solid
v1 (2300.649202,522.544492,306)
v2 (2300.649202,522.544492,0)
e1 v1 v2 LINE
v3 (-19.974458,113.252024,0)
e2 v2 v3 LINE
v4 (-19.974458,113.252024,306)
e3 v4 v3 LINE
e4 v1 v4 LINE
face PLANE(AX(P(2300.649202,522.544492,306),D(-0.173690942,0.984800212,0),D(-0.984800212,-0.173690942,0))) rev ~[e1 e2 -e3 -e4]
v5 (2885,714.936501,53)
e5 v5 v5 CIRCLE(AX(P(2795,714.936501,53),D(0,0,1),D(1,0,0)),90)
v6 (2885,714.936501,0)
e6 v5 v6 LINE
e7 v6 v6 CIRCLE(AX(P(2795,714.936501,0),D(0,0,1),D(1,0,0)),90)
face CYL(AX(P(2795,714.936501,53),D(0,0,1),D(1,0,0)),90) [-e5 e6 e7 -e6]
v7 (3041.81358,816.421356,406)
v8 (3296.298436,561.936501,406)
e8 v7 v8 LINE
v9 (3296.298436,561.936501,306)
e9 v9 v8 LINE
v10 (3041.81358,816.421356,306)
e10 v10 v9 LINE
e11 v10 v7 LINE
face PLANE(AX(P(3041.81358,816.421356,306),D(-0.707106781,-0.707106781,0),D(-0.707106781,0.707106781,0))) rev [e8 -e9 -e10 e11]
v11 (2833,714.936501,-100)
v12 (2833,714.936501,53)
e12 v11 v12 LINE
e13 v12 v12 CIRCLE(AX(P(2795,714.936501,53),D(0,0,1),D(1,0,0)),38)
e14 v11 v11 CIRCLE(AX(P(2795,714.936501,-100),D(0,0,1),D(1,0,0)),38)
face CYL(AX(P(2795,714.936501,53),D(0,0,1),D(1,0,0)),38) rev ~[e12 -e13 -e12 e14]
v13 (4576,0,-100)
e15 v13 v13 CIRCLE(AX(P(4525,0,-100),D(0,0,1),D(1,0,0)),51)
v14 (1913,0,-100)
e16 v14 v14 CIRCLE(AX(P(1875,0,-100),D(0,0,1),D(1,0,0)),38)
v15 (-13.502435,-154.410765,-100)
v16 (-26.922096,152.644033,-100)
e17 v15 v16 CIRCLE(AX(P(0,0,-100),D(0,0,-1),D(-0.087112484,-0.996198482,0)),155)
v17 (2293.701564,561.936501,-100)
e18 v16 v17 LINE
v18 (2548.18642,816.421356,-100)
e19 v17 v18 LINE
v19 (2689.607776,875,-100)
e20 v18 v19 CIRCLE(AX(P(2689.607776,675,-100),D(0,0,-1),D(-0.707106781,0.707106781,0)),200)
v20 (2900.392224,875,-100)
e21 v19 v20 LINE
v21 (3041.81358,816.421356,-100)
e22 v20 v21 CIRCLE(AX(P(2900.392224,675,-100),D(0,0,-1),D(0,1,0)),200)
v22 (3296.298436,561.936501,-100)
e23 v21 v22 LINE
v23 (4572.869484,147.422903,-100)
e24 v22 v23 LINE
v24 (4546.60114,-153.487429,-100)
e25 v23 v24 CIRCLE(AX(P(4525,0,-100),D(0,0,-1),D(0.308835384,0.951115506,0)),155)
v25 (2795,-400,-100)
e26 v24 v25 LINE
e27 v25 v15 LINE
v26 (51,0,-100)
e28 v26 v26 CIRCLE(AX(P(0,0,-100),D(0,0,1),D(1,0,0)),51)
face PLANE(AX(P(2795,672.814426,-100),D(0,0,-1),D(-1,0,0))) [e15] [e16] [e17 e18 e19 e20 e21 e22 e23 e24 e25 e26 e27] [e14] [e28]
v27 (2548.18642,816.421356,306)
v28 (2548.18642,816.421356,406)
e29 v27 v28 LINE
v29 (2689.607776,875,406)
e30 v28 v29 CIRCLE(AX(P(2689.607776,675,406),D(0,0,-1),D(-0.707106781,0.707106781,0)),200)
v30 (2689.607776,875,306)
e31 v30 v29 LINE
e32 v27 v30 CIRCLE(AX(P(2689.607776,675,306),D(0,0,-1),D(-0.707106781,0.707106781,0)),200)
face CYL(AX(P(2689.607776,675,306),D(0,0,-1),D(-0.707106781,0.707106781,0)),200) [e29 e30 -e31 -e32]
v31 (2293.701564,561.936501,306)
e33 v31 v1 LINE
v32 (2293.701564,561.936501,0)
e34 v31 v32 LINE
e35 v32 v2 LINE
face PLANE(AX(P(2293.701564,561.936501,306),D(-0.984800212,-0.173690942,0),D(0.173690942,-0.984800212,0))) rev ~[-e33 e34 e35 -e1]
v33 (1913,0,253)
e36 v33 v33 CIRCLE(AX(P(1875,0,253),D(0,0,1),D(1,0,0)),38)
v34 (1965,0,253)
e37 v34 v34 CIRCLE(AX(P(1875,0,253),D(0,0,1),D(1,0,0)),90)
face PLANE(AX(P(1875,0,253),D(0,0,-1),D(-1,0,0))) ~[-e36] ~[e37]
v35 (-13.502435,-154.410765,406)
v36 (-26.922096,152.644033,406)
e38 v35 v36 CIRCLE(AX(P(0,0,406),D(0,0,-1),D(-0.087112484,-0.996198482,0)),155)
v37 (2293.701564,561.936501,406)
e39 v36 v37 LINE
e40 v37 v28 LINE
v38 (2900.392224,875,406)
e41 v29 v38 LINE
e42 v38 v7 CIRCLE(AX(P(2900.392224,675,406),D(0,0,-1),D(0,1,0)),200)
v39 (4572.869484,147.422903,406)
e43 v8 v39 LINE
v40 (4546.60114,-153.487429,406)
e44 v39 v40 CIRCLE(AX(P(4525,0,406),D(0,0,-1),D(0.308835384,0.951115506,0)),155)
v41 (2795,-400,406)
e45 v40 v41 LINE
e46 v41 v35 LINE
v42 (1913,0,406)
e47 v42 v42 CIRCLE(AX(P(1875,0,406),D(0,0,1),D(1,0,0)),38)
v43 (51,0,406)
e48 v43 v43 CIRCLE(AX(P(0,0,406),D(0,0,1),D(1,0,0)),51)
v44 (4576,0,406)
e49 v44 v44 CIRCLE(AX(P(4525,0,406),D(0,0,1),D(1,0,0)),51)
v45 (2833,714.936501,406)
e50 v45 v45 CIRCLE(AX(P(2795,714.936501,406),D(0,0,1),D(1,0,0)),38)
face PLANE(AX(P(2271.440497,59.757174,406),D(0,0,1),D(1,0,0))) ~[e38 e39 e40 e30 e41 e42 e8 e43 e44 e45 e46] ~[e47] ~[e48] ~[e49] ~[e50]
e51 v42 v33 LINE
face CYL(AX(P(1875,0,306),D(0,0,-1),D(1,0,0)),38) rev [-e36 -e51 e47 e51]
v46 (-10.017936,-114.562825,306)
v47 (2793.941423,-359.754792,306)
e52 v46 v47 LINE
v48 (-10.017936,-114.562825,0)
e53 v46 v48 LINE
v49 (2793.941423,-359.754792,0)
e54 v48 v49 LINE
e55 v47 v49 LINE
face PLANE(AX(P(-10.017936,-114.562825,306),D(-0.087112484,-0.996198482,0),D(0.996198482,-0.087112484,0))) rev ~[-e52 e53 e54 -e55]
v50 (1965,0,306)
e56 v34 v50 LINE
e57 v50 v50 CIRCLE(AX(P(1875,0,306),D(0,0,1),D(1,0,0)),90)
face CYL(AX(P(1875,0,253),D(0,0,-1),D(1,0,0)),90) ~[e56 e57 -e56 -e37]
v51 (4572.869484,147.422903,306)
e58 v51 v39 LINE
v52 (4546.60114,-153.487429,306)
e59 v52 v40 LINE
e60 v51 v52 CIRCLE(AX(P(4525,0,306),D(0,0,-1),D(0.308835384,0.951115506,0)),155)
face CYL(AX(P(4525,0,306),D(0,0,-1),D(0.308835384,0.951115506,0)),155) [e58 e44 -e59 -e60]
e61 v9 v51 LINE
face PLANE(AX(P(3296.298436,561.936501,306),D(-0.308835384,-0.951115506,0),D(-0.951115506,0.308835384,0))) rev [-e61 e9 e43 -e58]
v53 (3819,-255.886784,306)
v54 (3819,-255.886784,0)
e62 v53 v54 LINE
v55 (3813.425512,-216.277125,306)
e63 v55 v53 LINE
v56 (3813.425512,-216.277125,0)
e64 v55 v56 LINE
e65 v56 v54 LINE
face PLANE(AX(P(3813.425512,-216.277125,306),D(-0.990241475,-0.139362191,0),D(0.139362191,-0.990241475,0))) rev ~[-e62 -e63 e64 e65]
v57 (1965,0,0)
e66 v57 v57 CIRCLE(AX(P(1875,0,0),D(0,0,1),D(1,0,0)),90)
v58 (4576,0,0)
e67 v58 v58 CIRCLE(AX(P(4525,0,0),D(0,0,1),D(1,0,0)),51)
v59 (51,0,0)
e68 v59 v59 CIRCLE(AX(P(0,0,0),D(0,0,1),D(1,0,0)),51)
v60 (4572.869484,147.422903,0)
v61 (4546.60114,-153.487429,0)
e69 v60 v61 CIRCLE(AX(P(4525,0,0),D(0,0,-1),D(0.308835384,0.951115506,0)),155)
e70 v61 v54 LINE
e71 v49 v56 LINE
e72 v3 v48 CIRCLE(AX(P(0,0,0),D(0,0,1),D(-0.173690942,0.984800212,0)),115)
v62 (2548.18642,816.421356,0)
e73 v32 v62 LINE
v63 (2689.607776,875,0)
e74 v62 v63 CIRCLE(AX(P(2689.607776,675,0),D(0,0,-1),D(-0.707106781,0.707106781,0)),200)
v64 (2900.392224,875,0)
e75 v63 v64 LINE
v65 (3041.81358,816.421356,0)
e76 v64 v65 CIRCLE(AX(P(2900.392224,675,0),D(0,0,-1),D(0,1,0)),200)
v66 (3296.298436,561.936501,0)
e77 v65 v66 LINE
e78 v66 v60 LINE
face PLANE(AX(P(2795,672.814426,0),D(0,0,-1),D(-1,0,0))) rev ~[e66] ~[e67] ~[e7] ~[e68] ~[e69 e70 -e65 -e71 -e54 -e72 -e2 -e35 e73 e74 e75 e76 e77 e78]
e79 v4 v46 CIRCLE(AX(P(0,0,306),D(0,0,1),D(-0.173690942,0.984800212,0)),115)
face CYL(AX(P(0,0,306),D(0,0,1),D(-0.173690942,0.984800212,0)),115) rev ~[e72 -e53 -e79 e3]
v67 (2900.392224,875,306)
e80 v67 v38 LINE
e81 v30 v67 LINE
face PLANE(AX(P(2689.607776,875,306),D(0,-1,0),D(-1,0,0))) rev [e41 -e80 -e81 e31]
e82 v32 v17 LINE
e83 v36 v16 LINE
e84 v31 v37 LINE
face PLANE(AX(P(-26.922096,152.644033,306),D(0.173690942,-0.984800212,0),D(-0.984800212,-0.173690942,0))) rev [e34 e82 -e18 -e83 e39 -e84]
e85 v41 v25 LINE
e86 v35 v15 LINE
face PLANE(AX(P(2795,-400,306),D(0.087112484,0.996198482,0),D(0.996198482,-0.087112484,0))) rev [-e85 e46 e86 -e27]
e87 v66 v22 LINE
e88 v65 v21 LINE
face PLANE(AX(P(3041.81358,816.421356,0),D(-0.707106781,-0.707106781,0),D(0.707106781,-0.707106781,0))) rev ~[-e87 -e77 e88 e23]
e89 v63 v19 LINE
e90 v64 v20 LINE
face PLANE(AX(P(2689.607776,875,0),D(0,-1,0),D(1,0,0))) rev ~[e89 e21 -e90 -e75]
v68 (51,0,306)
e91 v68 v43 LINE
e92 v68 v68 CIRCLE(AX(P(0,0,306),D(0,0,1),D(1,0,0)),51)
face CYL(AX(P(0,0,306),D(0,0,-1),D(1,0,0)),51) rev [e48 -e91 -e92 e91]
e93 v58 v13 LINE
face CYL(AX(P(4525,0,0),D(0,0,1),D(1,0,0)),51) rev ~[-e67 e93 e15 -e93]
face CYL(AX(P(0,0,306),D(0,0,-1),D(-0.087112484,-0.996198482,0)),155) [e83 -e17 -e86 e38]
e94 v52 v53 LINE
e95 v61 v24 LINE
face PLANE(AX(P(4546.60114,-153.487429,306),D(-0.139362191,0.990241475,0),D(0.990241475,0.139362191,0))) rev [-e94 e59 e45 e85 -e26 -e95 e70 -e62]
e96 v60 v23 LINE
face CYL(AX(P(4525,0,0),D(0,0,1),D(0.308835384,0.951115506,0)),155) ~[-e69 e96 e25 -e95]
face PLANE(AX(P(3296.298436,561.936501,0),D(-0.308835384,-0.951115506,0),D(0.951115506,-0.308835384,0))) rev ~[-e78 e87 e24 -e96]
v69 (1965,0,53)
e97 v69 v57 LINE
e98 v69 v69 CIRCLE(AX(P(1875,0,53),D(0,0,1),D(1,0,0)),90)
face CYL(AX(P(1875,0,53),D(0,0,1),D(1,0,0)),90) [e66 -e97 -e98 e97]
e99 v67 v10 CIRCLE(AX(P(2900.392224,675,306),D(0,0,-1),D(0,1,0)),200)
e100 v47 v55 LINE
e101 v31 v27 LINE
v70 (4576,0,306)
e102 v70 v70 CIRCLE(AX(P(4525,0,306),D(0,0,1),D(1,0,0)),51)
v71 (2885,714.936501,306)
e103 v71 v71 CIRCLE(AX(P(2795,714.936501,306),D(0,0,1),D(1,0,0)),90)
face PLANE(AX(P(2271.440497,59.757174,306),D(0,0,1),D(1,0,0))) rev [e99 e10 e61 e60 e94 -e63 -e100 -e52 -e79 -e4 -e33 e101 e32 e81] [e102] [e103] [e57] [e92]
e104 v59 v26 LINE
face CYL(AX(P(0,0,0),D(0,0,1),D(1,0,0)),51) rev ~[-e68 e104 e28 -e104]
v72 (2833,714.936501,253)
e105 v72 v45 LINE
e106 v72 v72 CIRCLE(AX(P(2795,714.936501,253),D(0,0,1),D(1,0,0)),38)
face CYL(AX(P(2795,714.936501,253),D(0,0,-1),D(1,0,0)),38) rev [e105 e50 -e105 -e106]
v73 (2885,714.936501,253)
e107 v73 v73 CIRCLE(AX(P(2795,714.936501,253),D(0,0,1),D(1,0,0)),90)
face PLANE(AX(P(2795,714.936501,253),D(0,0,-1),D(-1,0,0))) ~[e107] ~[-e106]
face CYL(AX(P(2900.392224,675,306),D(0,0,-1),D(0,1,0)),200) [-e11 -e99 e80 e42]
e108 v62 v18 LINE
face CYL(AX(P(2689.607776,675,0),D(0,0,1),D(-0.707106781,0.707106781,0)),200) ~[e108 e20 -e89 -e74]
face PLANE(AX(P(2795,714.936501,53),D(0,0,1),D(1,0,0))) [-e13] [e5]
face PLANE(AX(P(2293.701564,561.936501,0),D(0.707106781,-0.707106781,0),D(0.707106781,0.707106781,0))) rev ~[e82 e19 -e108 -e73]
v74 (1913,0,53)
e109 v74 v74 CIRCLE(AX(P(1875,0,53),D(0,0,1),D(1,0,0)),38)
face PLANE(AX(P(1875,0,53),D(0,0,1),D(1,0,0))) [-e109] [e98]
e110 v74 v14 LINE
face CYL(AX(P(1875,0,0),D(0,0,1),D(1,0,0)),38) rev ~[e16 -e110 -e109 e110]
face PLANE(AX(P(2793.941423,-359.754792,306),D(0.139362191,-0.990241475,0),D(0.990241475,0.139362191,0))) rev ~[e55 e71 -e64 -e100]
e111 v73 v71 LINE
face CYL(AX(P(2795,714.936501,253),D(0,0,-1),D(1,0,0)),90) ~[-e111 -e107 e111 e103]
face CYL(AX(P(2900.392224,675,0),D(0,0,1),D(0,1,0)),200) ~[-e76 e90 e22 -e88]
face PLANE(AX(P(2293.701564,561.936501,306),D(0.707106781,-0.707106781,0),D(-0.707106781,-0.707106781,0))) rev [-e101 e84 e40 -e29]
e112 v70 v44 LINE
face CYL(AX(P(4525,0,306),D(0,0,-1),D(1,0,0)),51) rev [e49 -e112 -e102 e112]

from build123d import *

# Parameters (mm, degrees)
SKETCH1_R           = 38
SKETCH1_R_2         = 51
BOSS_EXTRUDE2_DEPTH = 100
BOSS_EXTRUDE4_START = 306
BOSS_EXTRUDE4_DEPTH = 306
BOSS_EXTRUDE5_START = 53
SKETCH7_R           = 90
SKETCH7_R_2         = 38
BOSS_EXTRUDE5_DEPTH = 53


with BuildPart() as part:
    # Sketch1 → Boss-Extrude2 (new body)
    # profile 1 of 2: a face of its own
    with BuildSketch(Plane.XY):
        with BuildLine():
            Line((4546.601139584, -153.487428699), (2795, -400))
            Line((2795, -400), (-13.502435017, -154.410764679))
            ThreePointArc((-13.502435017, -154.410764679), (-154.85218061, -6.767729338), (-26.922095967, 152.644032798))
            Line((-26.922095967, 152.644032798), (2293.701564181, 561.936500623))
            Line((2293.701564181, 561.936500623), (3296.298435819, 561.936500623))
            Line((3296.298435819, 561.936500623), (4572.869484486, 147.422903428))
            ThreePointArc((4572.869484486, 147.422903428), (4679.41275497, -13.479655139), (4546.601139584, -153.487428699))
        make_face()
        with Locations((1875, 0)):
            Circle(SKETCH1_R, mode=Mode.SUBTRACT)
        with Locations((4525, 0)):
            Circle(SKETCH1_R_2, mode=Mode.SUBTRACT)
        Circle(SKETCH1_R_2, mode=Mode.SUBTRACT)
    # profile 2 of 2: a face of its own
    with BuildSketch(Plane.XY):
        with BuildLine():
            ThreePointArc((2900.392223967, 875), (2976.92891044, 859.775906502), (3041.813580205, 816.421356237))
            Line((3041.813580205, 816.421356237), (3296.298435819, 561.936500623))
            Line((3296.298435819, 561.936500623), (2293.701564181, 561.936500623))
            Line((2293.701564181, 561.936500623), (2548.186419795, 816.421356237))
            ThreePointArc((2548.186419795, 816.421356237), (2613.07108956, 859.775906502), (2689.607776033, 875))
            Line((2689.607776033, 875), (2900.392223967, 875))
        make_face()
        with Locations((2795, 714.936500623)):
            Circle(SKETCH1_R, mode=Mode.SUBTRACT)
    boss_extrude2 = extrude(amount=-BOSS_EXTRUDE2_DEPTH)

    # Sketch4 → Boss-Extrude4 (add)
    with BuildSketch(Plane.XY.offset(BOSS_EXTRUDE4_START)):
        with BuildLine():
            Line((2795, -400), (-13.502435017, -154.410764679))
            ThreePointArc((-13.502435017, -154.410764679), (-154.85218061, -6.767729338), (-26.922095967, 152.644032798))
            Line((-26.922095967, 152.644032798), (2293.701564181, 561.936500623))
            Line((2293.701564181, 561.936500623), (2300.64920185, 522.544492159))
            Line((2300.64920185, 522.544492159), (-19.974458298, 113.252024334))
            ThreePointArc((-19.974458298, 113.252024334), (-114.890327549, -5.021218541), (-10.017935657, -114.562825407))
            Line((-10.017935657, -114.562825407), (2793.941422657, -359.754791807))
            Line((2793.941422657, -359.754791807), (3813.425512366, -216.277125188))
            Line((3813.425512366, -216.277125188), (3819, -255.886784207))
            Line((3819, -255.886784207), (2795, -400))
        make_face()
    extrude(amount=-BOSS_EXTRUDE4_DEPTH)

    # Sketch7 → Boss-Extrude5 (add)
    # profile 1 of 2: a face of its own
    with BuildSketch(Plane.XY.offset(BOSS_EXTRUDE5_START)):
        with Locations((2795, 714.936500623)):
            Circle(SKETCH7_R)
        with Locations((2795, 714.936500623)):
            Circle(SKETCH7_R_2, mode=Mode.SUBTRACT)
    # profile 2 of 2: a face of its own
    with BuildSketch(Plane.XY.offset(BOSS_EXTRUDE5_START)):
        with Locations((1875, 0)):
            Circle(SKETCH7_R)
        with Locations((1875, 0)):
            Circle(SKETCH7_R_2, mode=Mode.SUBTRACT)
    boss_extrude5 = extrude(amount=-BOSS_EXTRUDE5_DEPTH)

    # Mirror2: Boss-Extrude2, Boss-Extrude5 across plane
    add(boss_extrude2.mirror(Plane.XY.offset(153)))
    add(boss_extrude5.mirror(Plane.XY.offset(153)))


solid = part.part
